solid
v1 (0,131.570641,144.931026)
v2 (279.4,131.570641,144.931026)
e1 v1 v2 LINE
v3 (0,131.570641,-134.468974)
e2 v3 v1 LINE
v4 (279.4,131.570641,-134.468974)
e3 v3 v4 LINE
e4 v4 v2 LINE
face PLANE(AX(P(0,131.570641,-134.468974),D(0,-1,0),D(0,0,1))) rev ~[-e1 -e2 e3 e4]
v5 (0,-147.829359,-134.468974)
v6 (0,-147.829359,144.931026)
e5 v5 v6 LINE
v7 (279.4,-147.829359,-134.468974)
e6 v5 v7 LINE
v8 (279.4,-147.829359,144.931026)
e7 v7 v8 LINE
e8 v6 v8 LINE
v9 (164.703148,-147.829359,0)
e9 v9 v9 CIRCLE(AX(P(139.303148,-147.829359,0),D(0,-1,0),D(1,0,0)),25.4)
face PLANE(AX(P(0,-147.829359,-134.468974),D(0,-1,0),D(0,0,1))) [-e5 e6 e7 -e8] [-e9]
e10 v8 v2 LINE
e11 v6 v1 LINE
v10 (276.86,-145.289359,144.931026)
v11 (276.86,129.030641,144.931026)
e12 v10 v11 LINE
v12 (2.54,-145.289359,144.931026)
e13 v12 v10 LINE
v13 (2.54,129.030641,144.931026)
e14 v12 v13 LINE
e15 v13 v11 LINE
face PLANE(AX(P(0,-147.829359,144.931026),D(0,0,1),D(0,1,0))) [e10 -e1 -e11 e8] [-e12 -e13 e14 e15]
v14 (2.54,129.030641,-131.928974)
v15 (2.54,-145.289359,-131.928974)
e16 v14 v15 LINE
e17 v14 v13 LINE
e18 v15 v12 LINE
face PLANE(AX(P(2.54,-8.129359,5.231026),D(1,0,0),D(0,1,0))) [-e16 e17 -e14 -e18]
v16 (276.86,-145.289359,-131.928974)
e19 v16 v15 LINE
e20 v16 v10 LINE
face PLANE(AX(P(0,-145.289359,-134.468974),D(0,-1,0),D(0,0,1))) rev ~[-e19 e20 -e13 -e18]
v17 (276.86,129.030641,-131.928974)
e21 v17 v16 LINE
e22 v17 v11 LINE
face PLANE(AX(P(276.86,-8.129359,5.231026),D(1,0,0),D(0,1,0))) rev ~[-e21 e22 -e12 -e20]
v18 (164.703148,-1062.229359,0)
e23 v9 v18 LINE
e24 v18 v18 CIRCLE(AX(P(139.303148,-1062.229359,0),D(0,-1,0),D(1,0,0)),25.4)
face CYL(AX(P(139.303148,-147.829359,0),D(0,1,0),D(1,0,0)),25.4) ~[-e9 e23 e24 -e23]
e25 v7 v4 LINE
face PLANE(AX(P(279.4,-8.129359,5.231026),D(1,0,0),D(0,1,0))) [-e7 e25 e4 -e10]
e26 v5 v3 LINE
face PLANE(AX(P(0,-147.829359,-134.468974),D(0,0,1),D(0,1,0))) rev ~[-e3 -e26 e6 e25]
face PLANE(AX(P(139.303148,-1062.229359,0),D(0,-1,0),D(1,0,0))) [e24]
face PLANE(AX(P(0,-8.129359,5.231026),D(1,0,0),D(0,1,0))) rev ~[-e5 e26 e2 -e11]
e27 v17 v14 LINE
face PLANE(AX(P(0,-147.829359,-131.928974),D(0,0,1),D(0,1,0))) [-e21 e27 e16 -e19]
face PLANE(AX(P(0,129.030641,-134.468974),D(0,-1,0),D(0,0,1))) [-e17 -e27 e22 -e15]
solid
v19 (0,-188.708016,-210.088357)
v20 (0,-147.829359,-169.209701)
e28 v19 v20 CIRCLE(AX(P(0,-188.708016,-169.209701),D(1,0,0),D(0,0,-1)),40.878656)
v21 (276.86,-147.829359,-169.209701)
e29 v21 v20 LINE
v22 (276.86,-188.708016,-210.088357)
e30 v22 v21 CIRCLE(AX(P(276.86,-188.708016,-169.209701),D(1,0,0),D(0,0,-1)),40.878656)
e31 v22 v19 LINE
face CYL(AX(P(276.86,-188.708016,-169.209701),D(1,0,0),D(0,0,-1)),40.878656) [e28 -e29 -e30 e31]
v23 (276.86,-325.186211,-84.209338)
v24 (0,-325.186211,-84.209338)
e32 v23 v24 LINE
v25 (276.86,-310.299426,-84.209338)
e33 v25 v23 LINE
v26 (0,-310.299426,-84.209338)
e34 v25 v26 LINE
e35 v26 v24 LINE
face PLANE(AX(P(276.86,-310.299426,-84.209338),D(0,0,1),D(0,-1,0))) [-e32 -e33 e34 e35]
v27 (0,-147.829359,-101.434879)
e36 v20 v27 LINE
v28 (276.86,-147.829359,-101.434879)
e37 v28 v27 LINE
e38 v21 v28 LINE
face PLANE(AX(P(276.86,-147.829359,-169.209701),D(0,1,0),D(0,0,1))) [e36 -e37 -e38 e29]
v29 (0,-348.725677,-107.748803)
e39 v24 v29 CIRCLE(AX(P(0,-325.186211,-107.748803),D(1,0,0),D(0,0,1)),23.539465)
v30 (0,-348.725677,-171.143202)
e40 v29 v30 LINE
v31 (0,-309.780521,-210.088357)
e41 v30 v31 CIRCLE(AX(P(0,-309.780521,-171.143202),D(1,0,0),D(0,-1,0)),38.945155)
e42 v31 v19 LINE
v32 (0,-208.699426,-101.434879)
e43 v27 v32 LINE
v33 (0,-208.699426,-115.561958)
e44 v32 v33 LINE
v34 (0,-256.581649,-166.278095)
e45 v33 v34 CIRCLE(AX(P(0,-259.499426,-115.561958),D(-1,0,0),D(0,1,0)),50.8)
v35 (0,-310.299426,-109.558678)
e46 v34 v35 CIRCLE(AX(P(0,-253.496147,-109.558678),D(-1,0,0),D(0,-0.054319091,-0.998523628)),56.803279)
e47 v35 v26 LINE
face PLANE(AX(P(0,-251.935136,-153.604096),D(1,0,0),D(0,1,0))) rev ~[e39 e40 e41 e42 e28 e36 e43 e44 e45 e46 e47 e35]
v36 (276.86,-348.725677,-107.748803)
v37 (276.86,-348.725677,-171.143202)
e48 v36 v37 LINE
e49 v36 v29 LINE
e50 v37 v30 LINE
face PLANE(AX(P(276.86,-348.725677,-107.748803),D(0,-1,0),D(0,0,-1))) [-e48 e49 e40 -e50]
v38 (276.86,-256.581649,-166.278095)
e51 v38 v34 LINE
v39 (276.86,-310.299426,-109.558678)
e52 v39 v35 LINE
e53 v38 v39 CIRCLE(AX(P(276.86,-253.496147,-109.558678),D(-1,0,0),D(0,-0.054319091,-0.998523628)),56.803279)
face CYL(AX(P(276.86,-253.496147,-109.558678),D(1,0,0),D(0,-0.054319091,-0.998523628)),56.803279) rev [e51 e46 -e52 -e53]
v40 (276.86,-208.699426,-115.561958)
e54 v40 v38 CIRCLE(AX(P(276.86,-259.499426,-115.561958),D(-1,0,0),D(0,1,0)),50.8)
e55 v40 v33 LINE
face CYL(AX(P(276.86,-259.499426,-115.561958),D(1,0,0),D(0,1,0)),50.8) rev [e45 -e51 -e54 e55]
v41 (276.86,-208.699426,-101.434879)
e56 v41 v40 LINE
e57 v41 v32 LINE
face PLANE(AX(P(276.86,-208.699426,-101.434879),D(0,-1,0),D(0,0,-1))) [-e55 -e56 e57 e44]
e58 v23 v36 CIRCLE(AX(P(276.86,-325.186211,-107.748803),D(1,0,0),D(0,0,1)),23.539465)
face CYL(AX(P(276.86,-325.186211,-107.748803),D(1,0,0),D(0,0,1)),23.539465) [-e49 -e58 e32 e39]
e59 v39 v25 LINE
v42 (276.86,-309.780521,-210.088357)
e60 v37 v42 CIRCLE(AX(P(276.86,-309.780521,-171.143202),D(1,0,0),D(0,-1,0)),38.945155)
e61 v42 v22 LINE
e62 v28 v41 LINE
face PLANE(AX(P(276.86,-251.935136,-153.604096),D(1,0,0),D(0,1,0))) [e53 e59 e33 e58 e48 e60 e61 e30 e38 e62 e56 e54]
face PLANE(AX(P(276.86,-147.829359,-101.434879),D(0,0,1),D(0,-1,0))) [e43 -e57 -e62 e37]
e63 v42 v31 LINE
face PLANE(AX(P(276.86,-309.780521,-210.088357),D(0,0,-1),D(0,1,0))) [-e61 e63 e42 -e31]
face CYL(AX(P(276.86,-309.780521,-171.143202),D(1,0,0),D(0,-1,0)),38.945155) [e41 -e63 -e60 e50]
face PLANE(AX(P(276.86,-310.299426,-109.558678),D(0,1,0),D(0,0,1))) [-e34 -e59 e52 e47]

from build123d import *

# Parameters (mm, degrees)
F0_W     = 279.4
F0_H     = 279.4
F1_DEPTH = 279.4
F2_T     = -2.54
F3_R     = 25.4
F4_DEPTH = 914.4
F6_START = -2.54
F6_DEPTH = 276.86


with BuildPart() as f1:
    # F0 (on Right) → F1 (new body)
    with BuildSketch(Plane.YZ):
        with Locations((-8.1293592229, 5.2310257389)):
            Rectangle(F0_W, F0_H)
    extrude(amount=F1_DEPTH)

    # F2
    f2_openings = [f1.faces().sort_by_distance(p)[0] for p in [
        (139.7, -8.129359, 144.931026),
    ]]
    offset(amount=F2_T, openings=f2_openings)

    # F3 (on face) → F4 (join)
    with BuildSketch(Plane.XZ.offset(147.8293592229)):
        with Locations((139.3031475793, 0)):
            Circle(F3_R)
    extrude(amount=F4_DEPTH)


with BuildPart() as f6:
    # F5 (on face) → F6 (new body)
    with BuildSketch(Plane.YZ.offset(279.4).offset(F6_START)):
        with BuildLine():
            Line((-147.8293592229, -169.2097009663), (-147.8293592229, -101.434879005))
            Line((-147.8293592229, -101.434879005), (-208.6994263172, -101.434879005))
            Line((-208.6994263172, -101.434879005), (-208.6994263172, -115.5619577885))
            ThreePointArc((-208.6994263172, -115.5619577885), (-222.5612139186, -150.4361382777), (-256.5816493407, -166.278095038))
            ThreePointArc((-256.5816493407, -166.278095038), (-294.7385959673, -148.6185419879), (-310.2994263172, -109.5586783345))
            Line((-310.2994263172, -109.5586783345), (-310.2994263172, -84.2093378305))
            Line((-310.2994263172, -84.2093378305), (-325.1862112998, -84.2093378305))
            ThreePointArc((-325.1862112998, -84.2093378305), (-341.8311267942, -91.1038875729), (-348.7256765366, -107.7488030673))
            Line((-348.7256765366, -107.7488030673), (-348.7256765366, -171.1432021282))
            ThreePointArc((-348.7256765366, -171.1432021282), (-337.3189046725, -198.6815854653), (-309.7805213354, -210.0883573294))
            Line((-309.7805213354, -210.0883573294), (-188.708015586, -210.0883573294))
            ThreePointArc((-188.708015586, -210.0883573294), (-159.8024404659, -198.1152760864), (-147.8293592229, -169.2097009663))
        make_face()
        with BuildLine():
            ThreePointArc((-259.4994263172, -166.3619577885), (-258.0399353575, -166.3409877727), (-256.5816493407, -166.278095038))
            ThreePointArc((-256.5816493407, -166.278095038), (-255.0394678359, -166.3409882303), (-253.4961468632, -166.3619577885))
            Line((-253.4961468632, -166.3619577885), (-259.4994263172, -166.3619577885))
        make_face(mode=Mode.SUBTRACT)
        with BuildLine():
            ThreePointArc((-253.4961468632, -166.3619577885), (-255.0394678359, -166.3409882303), (-256.5816493407, -166.278095038))
            ThreePointArc((-256.5816493407, -166.278095038), (-258.0399353575, -166.3409877727), (-259.4994263172, -166.3619577885))
            Line((-259.4994263172, -166.3619577885), (-253.4961468632, -166.3619577885))
        make_face()
    extrude(amount=-F6_DEPTH)


solid = Compound([f1.part, f6.part])
